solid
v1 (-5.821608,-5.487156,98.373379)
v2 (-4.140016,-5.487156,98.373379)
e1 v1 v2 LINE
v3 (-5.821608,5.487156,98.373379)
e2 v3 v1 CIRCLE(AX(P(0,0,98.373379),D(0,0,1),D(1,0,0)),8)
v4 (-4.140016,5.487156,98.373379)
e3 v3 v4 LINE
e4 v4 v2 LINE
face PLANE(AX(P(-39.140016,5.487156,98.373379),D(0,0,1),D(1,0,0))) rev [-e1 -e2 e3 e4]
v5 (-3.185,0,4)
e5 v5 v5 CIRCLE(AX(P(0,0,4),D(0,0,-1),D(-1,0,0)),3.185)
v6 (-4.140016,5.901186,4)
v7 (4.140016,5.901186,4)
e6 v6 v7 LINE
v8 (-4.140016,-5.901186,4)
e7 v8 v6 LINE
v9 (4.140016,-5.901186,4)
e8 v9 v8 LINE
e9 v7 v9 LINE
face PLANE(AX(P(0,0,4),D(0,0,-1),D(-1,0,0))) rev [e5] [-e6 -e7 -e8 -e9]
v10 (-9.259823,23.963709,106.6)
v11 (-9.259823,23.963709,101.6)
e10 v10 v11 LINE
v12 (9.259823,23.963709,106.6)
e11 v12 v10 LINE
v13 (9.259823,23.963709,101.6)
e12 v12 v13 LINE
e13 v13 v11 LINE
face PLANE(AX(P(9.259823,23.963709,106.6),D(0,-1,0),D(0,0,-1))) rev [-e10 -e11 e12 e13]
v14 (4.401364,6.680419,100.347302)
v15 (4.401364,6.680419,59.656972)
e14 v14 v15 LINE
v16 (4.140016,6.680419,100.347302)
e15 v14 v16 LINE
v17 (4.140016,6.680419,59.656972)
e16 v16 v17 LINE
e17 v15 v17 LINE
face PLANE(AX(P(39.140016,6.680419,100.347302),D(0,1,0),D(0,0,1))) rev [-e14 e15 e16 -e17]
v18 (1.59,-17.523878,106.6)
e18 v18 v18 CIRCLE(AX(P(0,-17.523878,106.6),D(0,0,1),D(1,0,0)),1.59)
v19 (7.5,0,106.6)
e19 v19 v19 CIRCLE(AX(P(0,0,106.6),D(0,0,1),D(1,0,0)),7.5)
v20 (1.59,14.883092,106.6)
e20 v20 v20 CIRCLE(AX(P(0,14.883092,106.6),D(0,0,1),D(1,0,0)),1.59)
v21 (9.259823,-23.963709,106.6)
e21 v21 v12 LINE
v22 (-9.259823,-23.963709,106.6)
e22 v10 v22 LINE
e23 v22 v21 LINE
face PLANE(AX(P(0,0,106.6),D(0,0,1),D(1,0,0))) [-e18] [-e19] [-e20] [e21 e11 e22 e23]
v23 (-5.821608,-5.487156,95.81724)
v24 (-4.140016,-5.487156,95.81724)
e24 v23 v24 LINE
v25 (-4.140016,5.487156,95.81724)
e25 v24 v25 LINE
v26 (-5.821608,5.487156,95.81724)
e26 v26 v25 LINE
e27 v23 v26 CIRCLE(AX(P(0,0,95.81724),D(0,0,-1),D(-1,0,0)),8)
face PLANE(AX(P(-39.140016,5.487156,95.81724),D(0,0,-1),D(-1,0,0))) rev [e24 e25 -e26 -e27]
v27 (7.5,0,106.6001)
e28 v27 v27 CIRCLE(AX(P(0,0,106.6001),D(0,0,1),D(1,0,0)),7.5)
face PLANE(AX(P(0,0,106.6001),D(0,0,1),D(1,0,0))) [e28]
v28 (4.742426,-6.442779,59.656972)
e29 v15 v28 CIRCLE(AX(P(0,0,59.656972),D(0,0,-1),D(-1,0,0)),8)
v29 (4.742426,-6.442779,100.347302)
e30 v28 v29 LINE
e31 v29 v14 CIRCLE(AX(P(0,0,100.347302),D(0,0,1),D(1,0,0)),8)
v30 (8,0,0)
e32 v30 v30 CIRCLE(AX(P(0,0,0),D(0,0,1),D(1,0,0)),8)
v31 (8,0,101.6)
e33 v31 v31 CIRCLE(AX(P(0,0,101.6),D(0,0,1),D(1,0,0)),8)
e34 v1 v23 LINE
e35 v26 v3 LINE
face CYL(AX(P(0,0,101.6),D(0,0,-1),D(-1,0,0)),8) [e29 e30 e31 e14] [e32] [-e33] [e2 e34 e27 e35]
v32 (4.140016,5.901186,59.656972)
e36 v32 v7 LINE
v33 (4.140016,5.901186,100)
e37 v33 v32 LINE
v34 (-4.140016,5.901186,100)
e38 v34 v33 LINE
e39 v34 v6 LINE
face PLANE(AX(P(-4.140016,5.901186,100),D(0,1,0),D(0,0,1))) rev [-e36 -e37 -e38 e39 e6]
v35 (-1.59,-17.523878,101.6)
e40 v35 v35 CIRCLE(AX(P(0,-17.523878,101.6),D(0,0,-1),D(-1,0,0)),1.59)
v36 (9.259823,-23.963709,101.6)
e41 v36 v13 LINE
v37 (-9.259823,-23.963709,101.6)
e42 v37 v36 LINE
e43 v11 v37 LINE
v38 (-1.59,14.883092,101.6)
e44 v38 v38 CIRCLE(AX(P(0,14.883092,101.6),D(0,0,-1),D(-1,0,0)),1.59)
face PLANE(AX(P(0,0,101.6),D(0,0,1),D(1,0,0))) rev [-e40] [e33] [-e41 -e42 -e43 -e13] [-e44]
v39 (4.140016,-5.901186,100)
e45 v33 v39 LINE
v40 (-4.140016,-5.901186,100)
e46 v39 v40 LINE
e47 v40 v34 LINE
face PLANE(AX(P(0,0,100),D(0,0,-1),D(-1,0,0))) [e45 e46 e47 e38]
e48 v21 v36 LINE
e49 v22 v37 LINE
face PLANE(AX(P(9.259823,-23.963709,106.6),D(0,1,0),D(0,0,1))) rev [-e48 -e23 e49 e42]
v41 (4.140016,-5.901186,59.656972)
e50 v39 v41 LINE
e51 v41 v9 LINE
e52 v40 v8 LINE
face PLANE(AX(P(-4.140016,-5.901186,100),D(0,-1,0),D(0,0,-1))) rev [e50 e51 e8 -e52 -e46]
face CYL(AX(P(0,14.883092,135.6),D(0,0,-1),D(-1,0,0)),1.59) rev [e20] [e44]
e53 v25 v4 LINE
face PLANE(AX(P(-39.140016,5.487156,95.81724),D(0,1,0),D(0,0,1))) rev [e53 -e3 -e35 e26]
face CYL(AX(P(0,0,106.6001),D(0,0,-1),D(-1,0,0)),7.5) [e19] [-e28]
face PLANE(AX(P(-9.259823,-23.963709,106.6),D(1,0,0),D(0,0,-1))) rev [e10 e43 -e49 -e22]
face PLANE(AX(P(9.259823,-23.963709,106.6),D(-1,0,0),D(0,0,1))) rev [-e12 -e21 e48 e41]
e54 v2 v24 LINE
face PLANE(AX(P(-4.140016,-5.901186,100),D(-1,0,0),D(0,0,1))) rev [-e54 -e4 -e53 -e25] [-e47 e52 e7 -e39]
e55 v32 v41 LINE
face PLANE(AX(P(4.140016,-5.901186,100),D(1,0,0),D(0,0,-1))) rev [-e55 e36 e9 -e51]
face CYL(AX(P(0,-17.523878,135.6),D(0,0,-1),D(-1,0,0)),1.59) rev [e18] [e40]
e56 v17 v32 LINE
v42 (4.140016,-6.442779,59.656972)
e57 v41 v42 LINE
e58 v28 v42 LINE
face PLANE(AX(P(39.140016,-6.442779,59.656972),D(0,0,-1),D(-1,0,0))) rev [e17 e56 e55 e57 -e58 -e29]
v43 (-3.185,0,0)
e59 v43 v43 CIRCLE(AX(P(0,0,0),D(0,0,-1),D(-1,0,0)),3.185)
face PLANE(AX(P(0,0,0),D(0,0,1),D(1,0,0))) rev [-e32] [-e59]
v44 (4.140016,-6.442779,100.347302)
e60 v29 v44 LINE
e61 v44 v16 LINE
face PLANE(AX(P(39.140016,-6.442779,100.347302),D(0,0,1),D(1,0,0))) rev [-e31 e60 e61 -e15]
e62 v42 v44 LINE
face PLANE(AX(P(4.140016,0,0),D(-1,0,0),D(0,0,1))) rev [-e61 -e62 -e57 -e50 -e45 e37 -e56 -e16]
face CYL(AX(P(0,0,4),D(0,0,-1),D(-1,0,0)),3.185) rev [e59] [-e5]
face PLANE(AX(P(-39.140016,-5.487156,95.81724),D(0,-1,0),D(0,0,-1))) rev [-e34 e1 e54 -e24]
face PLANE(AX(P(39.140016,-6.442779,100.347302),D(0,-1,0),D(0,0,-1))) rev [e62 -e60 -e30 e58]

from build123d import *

# Parameters (mm, degrees)
SKETCH1_R           = 8
BOSS_EXTRUDE1_DEPTH = 101.6
SKETCH2_W           = 18.519646932
SKETCH2_H           = 47.927417474
BOSS_EXTRUDE2_DEPTH = 5
SKETCH3_R           = 7.5
BOSS_EXTRUDE3_DEPTH = 0.0001
SKETCH4_R           = 1.59
CUT_EXTRUDE1_DEPTH  = 34
SKETCH7_R           = 3.185
CUT_EXTRUDE2_DEPTH  = 4
SKETCH8_W           = 8.28003219
SKETCH8_H           = 11.80237286
CUT_EXTRUDE7_DEPTH  = 96
SKETCH12_W          = 40.69032966
SKETCH12_H          = 13.123197876
CUT_EXTRUDE8_DEPTH  = 35
SKETCH13_W          = 2.556138798
SKETCH13_H          = 10.974311436
CUT_EXTRUDE9_DEPTH  = 35


with BuildPart() as part:
    # Sketch1 → Boss-Extrude1 (new body)
    with BuildSketch(Plane.XY):
        Circle(SKETCH1_R)
    extrude(amount=BOSS_EXTRUDE1_DEPTH)

    # Sketch2 → Boss-Extrude2 (add)
    with BuildSketch(Plane.XY.offset(101.6)):
        Rectangle(SKETCH2_W, SKETCH2_H)
    extrude(amount=BOSS_EXTRUDE2_DEPTH)

    # Sketch3 → Boss-Extrude3 (add)
    with BuildSketch(Plane.XY.offset(106.6)):
        Circle(SKETCH3_R)
    extrude(amount=BOSS_EXTRUDE3_DEPTH)

    # Sketch4 → Cut-Extrude1 (cut)
    with BuildSketch(Plane(origin=(0, 0, 101.6), x_dir=(-1, 0, 0), z_dir=(0, 0, -1))):
        with Locations((0, 14.883091948)):
            Circle(SKETCH4_R)
        with Locations((0, -17.523878239)):
            Circle(SKETCH4_R)
    extrude(amount=-CUT_EXTRUDE1_DEPTH, mode=Mode.SUBTRACT)

    # Sketch7 → Cut-Extrude2 (cut)
    with BuildSketch(Plane(origin=(0, 0, 0), x_dir=(-1, 0, 0), z_dir=(0, 0, -1))):
        Circle(SKETCH7_R)
    extrude(amount=-CUT_EXTRUDE2_DEPTH, mode=Mode.SUBTRACT)

    # Sketch8 → Cut-Extrude7 (cut)
    with BuildSketch(Plane(origin=(0, 0, 4), x_dir=(-1, 0, 0), z_dir=(0, 0, -1))):
        Rectangle(SKETCH8_W, SKETCH8_H)
    extrude(amount=-CUT_EXTRUDE7_DEPTH, mode=Mode.SUBTRACT)

    # Sketch12 → Cut-Extrude8 (cut)
    with BuildSketch(Plane.ZY.offset(-4.140016095)):
        with Locations((80.002136868, 0.118820051)):
            Rectangle(SKETCH12_W, SKETCH12_H)
    extrude(amount=-CUT_EXTRUDE8_DEPTH, mode=Mode.SUBTRACT)

    # Sketch13 → Cut-Extrude9 (cut)
    with BuildSketch(Plane(origin=(-4.140016095, 0, 0), x_dir=(0, 0, -1), z_dir=(1, 0, 0))):
        with Locations((-97.09530972, 0)):
            Rectangle(SKETCH13_W, SKETCH13_H)
    extrude(amount=-CUT_EXTRUDE9_DEPTH, mode=Mode.SUBTRACT)


solid = part.part
